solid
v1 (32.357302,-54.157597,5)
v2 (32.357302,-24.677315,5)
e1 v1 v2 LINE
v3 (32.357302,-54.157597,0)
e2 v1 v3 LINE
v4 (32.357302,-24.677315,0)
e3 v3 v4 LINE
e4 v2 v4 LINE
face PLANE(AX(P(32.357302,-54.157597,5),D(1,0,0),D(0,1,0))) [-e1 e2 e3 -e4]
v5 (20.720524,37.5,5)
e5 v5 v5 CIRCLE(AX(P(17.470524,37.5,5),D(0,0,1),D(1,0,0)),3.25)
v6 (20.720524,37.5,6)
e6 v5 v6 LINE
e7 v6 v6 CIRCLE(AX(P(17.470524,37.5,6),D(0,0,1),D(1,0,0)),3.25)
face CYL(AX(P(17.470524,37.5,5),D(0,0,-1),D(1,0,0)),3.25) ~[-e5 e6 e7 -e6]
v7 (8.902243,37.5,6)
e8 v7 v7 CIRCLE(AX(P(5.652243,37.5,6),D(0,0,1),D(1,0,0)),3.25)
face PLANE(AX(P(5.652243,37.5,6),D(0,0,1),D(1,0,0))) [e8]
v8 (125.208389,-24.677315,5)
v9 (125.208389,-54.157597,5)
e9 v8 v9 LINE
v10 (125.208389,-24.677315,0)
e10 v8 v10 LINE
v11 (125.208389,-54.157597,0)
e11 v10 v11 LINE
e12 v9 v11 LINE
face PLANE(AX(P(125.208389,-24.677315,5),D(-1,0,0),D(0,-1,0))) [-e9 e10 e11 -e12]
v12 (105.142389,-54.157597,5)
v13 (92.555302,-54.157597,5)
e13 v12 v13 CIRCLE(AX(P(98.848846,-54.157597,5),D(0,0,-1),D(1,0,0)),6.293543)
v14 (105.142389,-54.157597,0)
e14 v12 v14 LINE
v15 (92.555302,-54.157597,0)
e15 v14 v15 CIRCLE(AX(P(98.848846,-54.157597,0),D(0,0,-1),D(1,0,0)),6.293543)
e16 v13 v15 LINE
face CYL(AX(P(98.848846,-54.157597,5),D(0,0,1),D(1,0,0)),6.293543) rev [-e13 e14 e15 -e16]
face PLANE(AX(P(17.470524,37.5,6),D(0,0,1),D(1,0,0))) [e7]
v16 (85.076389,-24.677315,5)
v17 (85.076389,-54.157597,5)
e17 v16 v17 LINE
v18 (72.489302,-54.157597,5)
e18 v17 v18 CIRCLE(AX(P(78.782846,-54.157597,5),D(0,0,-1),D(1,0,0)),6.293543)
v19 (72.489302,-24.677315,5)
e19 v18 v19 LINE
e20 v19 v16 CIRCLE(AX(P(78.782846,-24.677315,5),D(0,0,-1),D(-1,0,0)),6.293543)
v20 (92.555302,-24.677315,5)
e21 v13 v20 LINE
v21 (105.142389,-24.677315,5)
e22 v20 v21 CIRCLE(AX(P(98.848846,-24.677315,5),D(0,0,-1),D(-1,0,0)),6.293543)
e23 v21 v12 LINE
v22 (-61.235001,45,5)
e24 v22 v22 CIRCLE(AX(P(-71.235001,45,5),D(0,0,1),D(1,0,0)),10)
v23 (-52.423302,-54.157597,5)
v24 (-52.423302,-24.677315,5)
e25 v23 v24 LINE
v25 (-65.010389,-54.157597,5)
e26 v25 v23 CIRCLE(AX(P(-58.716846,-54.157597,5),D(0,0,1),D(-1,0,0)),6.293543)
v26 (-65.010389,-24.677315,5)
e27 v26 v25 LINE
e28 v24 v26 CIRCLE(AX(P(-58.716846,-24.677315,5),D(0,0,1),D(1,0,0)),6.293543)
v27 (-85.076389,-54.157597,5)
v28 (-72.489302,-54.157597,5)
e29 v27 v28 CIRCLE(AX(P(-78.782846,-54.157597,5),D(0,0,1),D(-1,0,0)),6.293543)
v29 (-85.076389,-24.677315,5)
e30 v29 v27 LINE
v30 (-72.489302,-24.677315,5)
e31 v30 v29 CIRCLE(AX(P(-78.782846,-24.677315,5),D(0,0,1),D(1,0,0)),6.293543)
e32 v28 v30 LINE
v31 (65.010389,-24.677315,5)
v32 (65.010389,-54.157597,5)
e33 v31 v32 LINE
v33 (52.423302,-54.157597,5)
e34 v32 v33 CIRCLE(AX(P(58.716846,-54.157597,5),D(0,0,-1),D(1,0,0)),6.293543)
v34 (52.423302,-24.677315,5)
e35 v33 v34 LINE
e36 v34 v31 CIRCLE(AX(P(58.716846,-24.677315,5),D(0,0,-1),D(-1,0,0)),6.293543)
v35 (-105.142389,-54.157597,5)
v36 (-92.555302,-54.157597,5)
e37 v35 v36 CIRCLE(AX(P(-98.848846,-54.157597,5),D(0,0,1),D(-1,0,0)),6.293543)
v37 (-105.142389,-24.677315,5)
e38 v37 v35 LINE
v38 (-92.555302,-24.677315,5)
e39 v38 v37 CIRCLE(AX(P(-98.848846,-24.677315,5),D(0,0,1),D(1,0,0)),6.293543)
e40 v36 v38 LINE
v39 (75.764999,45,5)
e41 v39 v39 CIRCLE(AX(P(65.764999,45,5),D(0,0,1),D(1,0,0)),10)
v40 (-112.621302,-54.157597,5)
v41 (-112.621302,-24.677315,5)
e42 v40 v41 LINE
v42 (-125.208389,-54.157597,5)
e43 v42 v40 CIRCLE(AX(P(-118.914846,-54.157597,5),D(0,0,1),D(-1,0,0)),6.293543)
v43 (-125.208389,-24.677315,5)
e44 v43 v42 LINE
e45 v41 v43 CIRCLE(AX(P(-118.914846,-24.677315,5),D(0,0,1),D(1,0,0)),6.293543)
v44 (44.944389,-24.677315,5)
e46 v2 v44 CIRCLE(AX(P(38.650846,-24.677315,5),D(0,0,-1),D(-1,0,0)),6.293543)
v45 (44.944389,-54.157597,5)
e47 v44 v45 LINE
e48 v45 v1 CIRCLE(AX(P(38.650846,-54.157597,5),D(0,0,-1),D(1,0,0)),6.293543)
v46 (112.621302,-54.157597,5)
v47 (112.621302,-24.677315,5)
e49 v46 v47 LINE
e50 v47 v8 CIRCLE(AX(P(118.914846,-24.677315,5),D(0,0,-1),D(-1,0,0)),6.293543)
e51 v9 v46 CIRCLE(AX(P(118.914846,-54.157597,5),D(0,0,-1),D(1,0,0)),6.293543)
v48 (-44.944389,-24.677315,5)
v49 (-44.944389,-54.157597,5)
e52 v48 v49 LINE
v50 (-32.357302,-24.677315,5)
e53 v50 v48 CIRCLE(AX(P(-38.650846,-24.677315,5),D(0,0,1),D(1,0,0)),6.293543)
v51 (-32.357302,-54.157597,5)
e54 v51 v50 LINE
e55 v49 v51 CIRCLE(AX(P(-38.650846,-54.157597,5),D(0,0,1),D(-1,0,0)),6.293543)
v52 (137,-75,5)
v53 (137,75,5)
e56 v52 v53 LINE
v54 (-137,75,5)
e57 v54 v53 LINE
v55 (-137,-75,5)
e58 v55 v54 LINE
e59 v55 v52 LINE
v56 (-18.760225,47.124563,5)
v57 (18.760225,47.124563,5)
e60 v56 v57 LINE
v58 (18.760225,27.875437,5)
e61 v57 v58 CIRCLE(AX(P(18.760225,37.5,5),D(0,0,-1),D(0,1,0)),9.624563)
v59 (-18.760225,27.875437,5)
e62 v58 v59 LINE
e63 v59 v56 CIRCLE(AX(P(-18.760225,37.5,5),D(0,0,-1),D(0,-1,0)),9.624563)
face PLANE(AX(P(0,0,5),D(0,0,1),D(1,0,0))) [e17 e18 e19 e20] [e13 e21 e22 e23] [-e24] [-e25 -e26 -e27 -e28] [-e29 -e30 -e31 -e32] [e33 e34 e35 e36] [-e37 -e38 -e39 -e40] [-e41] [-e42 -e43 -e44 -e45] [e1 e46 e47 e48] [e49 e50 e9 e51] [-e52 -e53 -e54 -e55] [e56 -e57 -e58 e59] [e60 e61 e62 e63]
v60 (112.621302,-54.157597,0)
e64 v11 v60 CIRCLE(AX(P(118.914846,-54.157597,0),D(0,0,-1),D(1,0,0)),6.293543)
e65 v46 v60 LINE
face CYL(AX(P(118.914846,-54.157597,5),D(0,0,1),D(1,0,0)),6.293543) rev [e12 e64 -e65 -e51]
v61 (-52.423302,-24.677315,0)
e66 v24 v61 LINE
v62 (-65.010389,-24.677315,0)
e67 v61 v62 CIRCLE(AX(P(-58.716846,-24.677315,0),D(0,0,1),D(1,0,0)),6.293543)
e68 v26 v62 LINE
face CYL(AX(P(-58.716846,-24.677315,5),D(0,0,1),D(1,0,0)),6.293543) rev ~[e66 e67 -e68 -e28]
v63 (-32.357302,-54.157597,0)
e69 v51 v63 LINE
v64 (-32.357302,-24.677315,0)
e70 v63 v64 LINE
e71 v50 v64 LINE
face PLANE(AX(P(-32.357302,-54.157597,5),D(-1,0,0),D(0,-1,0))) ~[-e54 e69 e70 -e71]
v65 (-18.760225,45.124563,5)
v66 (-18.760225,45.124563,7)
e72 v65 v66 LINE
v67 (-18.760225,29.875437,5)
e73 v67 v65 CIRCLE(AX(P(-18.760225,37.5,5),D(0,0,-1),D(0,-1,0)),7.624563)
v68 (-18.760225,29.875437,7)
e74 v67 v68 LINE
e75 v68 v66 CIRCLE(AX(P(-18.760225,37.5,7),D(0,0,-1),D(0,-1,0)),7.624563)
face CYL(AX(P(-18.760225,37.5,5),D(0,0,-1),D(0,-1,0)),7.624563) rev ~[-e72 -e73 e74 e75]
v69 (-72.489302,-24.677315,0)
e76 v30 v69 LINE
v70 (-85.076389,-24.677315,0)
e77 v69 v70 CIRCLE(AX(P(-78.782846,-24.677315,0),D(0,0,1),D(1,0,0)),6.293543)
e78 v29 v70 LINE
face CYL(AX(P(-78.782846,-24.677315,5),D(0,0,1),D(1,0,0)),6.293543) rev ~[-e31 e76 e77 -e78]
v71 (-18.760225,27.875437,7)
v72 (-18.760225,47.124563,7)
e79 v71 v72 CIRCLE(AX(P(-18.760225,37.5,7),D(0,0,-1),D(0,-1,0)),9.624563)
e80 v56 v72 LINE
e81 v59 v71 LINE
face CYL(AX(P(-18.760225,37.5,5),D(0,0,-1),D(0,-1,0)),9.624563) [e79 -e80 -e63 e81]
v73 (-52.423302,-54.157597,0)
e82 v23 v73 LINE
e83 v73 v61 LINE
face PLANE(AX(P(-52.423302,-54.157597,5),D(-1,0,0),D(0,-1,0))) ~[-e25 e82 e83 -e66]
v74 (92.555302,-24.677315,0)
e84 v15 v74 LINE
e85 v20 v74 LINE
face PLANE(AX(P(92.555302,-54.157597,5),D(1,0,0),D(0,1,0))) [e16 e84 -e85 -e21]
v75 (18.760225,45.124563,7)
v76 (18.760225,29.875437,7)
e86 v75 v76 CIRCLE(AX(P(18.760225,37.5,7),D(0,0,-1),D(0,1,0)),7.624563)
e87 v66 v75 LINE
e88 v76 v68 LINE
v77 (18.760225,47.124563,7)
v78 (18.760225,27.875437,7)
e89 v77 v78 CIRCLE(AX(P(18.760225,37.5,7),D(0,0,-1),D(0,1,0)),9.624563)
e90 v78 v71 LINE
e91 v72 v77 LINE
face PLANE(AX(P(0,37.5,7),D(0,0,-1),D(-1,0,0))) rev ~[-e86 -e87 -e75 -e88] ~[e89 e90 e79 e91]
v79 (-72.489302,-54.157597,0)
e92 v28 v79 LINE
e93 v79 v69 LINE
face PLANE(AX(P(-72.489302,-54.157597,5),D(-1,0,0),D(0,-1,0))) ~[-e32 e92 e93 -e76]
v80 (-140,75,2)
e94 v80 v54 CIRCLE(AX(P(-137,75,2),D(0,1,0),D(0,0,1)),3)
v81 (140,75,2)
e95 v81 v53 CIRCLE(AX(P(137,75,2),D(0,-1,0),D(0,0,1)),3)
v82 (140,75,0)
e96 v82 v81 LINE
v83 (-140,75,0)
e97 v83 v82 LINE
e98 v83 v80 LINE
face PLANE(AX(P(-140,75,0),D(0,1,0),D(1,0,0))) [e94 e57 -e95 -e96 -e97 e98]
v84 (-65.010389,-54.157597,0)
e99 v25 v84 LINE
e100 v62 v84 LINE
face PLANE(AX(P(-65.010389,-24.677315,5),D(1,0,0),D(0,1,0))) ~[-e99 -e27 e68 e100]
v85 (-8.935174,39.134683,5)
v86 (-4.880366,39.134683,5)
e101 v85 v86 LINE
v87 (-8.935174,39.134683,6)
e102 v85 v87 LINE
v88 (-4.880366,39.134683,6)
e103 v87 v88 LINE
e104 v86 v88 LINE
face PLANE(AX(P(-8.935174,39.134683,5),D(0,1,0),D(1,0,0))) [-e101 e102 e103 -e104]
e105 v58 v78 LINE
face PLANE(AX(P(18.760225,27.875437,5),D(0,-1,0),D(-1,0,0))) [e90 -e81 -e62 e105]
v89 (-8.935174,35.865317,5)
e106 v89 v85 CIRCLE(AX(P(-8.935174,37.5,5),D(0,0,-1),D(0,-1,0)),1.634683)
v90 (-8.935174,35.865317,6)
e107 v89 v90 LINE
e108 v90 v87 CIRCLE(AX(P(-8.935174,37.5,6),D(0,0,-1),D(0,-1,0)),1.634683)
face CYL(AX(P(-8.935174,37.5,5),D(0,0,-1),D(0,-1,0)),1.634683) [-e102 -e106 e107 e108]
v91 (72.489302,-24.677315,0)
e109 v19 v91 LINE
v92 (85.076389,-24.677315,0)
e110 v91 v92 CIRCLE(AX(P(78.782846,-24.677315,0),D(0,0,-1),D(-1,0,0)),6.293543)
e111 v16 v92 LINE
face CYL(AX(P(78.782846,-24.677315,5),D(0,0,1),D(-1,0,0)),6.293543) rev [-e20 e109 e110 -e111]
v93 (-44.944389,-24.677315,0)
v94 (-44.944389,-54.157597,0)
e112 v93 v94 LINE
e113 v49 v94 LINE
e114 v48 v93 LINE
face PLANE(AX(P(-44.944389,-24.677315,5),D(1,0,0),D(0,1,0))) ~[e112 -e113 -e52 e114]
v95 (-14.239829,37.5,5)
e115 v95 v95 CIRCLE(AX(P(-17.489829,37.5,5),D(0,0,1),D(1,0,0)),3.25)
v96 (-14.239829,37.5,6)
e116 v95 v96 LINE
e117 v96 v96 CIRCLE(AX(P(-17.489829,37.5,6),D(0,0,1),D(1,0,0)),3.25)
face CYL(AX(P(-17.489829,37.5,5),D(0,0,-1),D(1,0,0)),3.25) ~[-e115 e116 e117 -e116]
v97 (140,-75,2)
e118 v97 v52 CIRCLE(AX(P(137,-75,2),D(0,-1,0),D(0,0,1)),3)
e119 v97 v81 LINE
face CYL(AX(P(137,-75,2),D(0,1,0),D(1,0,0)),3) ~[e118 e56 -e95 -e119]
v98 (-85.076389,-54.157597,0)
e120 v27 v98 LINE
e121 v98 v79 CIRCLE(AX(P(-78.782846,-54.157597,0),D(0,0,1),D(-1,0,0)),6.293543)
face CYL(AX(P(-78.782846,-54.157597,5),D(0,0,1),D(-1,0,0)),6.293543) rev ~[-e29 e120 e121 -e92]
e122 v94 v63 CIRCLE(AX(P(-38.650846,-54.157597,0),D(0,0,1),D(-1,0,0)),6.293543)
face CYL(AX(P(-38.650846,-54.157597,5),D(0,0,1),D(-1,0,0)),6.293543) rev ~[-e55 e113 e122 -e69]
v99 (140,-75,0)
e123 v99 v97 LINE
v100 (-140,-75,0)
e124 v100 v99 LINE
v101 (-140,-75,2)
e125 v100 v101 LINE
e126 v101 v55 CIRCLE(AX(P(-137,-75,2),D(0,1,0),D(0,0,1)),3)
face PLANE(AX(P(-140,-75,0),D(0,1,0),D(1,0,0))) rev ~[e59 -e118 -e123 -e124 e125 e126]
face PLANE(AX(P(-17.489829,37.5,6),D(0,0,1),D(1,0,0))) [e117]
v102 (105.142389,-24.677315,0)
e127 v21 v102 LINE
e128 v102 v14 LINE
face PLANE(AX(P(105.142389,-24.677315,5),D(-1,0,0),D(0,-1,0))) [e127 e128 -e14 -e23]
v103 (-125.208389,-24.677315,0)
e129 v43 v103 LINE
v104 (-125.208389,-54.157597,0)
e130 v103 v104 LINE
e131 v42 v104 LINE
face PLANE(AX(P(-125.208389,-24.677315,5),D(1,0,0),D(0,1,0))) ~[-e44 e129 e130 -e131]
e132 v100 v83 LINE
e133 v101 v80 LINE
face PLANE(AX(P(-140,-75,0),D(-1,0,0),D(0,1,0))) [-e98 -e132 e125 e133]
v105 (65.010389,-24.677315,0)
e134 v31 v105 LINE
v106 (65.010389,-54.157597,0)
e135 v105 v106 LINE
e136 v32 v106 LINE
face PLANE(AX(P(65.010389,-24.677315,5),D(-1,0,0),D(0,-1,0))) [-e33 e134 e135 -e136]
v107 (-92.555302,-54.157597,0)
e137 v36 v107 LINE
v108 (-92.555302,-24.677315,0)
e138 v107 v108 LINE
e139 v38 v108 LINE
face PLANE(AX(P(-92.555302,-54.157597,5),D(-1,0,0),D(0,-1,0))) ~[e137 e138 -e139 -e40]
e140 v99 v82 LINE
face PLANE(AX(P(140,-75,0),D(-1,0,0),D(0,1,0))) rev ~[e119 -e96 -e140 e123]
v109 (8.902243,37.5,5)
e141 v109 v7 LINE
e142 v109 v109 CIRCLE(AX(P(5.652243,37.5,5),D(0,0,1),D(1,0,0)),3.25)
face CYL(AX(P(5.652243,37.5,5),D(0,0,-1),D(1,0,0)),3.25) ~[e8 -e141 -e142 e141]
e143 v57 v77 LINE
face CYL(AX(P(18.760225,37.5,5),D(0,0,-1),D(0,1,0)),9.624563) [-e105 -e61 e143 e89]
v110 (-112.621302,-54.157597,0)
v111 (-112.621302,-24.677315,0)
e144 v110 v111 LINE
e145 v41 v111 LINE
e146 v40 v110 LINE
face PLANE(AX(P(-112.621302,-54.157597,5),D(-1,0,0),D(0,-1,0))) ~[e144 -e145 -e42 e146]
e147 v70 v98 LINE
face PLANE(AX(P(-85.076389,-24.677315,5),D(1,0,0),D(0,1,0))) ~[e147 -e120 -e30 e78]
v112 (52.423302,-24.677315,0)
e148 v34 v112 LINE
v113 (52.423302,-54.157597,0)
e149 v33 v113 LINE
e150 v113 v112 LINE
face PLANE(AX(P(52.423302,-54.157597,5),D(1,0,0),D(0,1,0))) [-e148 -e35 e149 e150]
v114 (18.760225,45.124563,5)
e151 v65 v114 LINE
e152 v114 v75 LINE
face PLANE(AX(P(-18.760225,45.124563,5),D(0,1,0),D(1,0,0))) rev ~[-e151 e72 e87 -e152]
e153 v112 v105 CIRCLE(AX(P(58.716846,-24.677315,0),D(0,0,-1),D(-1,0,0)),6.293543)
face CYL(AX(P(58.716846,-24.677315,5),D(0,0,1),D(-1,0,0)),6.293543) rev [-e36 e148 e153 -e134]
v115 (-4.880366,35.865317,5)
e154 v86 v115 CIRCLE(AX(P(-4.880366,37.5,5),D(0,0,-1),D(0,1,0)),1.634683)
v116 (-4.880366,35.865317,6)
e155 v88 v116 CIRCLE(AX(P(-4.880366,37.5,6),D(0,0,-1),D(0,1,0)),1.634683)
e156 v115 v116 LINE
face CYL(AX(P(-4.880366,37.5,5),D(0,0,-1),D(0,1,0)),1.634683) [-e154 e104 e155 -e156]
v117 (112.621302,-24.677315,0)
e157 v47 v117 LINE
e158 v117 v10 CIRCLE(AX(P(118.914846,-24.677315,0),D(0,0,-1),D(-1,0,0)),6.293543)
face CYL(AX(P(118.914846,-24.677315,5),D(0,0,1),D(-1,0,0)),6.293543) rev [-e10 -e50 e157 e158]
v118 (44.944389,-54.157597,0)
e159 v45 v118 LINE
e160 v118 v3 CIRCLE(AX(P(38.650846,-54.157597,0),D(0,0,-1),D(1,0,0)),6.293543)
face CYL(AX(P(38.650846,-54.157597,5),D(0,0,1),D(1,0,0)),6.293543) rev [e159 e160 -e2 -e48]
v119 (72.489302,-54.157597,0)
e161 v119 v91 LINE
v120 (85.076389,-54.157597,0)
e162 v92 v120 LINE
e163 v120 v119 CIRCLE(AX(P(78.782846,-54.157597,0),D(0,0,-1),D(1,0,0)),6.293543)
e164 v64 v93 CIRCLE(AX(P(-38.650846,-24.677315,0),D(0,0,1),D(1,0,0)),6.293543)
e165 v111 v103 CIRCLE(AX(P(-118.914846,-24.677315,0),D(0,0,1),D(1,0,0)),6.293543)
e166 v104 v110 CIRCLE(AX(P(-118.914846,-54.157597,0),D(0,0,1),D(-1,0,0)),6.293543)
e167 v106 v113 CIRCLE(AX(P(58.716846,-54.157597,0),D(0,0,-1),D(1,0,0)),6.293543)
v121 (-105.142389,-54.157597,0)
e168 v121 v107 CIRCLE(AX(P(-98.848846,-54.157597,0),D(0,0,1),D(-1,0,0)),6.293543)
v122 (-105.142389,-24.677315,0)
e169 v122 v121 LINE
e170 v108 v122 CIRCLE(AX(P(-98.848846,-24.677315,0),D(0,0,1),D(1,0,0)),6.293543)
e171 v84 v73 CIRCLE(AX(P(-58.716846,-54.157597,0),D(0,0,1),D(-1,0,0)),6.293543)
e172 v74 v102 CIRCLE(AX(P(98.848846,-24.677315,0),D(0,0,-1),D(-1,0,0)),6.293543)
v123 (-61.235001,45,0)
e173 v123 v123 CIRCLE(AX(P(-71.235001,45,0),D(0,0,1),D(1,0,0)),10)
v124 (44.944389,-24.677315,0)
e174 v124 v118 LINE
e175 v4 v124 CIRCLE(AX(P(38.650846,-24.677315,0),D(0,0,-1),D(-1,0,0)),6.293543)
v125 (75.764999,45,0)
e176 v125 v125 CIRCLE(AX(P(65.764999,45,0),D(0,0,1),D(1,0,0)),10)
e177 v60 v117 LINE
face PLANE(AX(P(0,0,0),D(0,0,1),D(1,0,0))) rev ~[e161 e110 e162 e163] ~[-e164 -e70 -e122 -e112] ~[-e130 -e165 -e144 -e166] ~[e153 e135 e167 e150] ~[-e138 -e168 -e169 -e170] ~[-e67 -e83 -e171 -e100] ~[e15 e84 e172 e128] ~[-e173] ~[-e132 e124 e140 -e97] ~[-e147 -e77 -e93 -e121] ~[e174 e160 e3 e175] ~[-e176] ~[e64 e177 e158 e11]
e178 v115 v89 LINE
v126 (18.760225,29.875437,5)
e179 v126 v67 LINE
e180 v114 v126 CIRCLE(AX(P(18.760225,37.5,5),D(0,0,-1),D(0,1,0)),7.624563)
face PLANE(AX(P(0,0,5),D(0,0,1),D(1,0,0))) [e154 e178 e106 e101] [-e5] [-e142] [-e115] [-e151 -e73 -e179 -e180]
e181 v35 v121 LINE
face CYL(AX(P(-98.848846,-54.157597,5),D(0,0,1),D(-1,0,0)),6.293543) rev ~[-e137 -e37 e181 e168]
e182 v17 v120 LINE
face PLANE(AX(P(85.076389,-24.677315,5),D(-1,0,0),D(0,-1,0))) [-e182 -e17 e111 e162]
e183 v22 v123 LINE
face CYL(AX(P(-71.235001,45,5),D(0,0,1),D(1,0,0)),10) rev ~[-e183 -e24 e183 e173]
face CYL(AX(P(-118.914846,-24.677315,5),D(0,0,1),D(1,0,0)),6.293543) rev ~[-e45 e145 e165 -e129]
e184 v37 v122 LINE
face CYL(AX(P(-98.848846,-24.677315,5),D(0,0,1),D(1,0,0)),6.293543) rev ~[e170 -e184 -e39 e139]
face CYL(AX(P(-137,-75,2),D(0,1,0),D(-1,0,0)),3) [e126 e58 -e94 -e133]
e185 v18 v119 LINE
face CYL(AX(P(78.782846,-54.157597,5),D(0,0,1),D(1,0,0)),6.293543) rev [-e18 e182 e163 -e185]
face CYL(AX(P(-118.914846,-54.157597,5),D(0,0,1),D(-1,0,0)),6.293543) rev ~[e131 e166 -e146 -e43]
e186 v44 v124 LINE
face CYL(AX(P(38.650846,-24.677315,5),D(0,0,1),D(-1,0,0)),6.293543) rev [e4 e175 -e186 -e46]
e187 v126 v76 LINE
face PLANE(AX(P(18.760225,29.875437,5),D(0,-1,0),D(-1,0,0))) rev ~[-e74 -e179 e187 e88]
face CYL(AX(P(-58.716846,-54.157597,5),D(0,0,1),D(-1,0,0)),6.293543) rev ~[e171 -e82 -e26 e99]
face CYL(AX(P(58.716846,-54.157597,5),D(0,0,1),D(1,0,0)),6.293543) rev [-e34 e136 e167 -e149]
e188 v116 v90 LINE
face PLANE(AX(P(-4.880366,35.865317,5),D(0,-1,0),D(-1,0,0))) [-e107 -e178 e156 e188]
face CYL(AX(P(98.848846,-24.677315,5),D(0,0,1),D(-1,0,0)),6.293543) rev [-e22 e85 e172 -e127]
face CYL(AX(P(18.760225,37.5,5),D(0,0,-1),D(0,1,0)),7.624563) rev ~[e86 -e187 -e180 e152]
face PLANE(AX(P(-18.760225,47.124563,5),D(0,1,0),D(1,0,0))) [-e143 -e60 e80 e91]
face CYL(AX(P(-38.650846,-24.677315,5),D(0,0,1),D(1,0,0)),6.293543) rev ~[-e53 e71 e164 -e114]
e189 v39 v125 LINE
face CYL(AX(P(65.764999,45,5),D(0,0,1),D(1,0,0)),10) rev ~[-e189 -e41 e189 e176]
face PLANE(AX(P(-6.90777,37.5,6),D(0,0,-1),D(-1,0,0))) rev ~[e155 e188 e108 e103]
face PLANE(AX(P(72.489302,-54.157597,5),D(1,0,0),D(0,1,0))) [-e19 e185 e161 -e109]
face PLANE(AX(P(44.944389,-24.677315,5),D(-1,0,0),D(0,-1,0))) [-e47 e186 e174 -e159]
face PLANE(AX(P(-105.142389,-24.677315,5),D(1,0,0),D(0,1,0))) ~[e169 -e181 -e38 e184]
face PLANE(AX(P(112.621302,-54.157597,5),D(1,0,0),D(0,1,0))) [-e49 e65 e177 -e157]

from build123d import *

# Parameters (mm, degrees)
SKETCH1_W           = 280
SKETCH1_H           = 150
BOSS_EXTRUDE1_DEPTH = 5
FILLET1_R           = 3
BOSS_EXTRUDE2_DEPTH = 2
SKETCH4_R           = 3.25
BOSS_EXTRUDE3_DEPTH = 1
CUT_EXTRUDE1_DEPTH  = 5
CUT_EXTRUDE2_REACH  = 160.902
SKETCH6_R           = 10


with BuildPart() as part:
    # Sketch1 → Boss-Extrude1 (new body)
    with BuildSketch(Plane.XY):
        Rectangle(SKETCH1_W, SKETCH1_H)
    extrude(amount=BOSS_EXTRUDE1_DEPTH)

    # Fillet1
    fillet1_edges = [part.edges().sort_by_distance(p)[0] for p in [
        (140, 0, 5),
        (-140, 0, 5),
    ]]
    fillet(fillet1_edges, radius=FILLET1_R)

    # Sketch2 → Boss-Extrude2 (add)
    with BuildSketch(Plane.XY.offset(5)):
        with BuildLine():
            Line((-18.760224692, 47.124562697), (18.760224692, 47.124562697))
            ThreePointArc((18.760224692, 47.124562697), (28.384787389, 37.5), (18.760224692, 27.875437303))
            Line((18.760224692, 27.875437303), (-18.760224692, 27.875437303))
            ThreePointArc((-18.760224692, 27.875437303), (-28.384787389, 37.5), (-18.760224692, 47.124562697))
        make_face()
        with BuildLine():
            Line((-18.760224692, 45.124562697), (18.760224692, 45.124562697))
            ThreePointArc((18.760224692, 45.124562697), (26.384787389, 37.5), (18.760224692, 29.875437303))
            Line((18.760224692, 29.875437303), (-18.760224692, 29.875437303))
            ThreePointArc((-18.760224692, 29.875437303), (-26.384787389, 37.5), (-18.760224692, 45.124562697))
        make_face(mode=Mode.SUBTRACT)
    extrude(amount=BOSS_EXTRUDE2_DEPTH)

    # Sketch4 → Boss-Extrude3 (add)
    with BuildSketch(Plane.XY.offset(5)):
        with Locations((17.470523742, 37.5)):
            Circle(SKETCH4_R)
        with Locations((-17.4898287, 37.5)):
            Circle(SKETCH4_R)
        with Locations((5.652243355, 37.5)):
            Circle(SKETCH4_R)
        with BuildLine():
            Line((-8.935173859, 39.13468348), (-4.880366362, 39.13468348))
            ThreePointArc((-4.880366362, 39.13468348), (-3.245682882, 37.5), (-4.880366362, 35.86531652))
            Line((-4.880366362, 35.86531652), (-8.935173859, 35.86531652))
            ThreePointArc((-8.935173859, 35.86531652), (-10.569857339, 37.5), (-8.935173859, 39.13468348))
        make_face()
    extrude(amount=BOSS_EXTRUDE3_DEPTH)

    # Sketch5 → Cut-Extrude1 (cut)
    with BuildSketch(Plane.XY.offset(5)):
        with BuildLine():
            Line((125.208389031, -24.677314769), (125.208389031, -54.157596843))
            ThreePointArc((125.208389031, -54.157596843), (118.914845667, -60.451140207), (112.621302303, -54.157596843))
            Line((112.621302303, -54.157596843), (112.621302303, -24.677314769))
            ThreePointArc((112.621302303, -24.677314769), (118.914845667, -18.383771405), (125.208389031, -24.677314769))
        make_face()
        with BuildLine():
            Line((105.142389031, -24.677314769), (105.142389031, -54.157596843))
            ThreePointArc((105.142389031, -54.157596843), (98.848845667, -60.451140207), (92.555302303, -54.157596843))
            Line((92.555302303, -54.157596843), (92.555302303, -24.677314769))
            ThreePointArc((92.555302303, -24.677314769), (98.848845667, -18.383771405), (105.142389031, -24.677314769))
        make_face()
        with BuildLine():
            Line((85.076389031, -24.677314769), (85.076389031, -54.157596843))
            ThreePointArc((85.076389031, -54.157596843), (78.782845667, -60.451140207), (72.489302303, -54.157596843))
            Line((72.489302303, -54.157596843), (72.489302303, -24.677314769))
            ThreePointArc((72.489302303, -24.677314769), (78.782845667, -18.383771405), (85.076389031, -24.677314769))
        make_face()
        with BuildLine():
            Line((65.010389031, -24.677314769), (65.010389031, -54.157596843))
            ThreePointArc((65.010389031, -54.157596843), (58.716845667, -60.451140207), (52.423302303, -54.157596843))
            Line((52.423302303, -54.157596843), (52.423302303, -24.677314769))
            ThreePointArc((52.423302303, -24.677314769), (58.716845667, -18.383771405), (65.010389031, -24.677314769))
        make_face()
        with BuildLine():
            Line((44.944389031, -24.677314769), (44.944389031, -54.157596843))
            ThreePointArc((44.944389031, -54.157596843), (38.650845667, -60.451140207), (32.357302303, -54.157596843))
            Line((32.357302303, -54.157596843), (32.357302303, -24.677314769))
            ThreePointArc((32.357302303, -24.677314769), (38.650845667, -18.383771405), (44.944389031, -24.677314769))
        make_face()
    cut_extrude1 = extrude(amount=-CUT_EXTRUDE1_DEPTH, mode=Mode.SUBTRACT)

    # Mirror1: Cut-Extrude1 across plane
    add(cut_extrude1.mirror(Plane(origin=(0, 0, 0), x_dir=(0, 0, 1), z_dir=(1, 0, 0))), mode=Mode.SUBTRACT)

    # Sketch6 → Cut-Extrude2 (cut, up to next)
    with BuildSketch(Plane.XY.offset(5), mode=Mode.PRIVATE) as cut_extrude2_sk1:
        with Locations((65.764998976, 45)):
            Circle(SKETCH6_R)
    cut_extrude2_tool1 = extrude(cut_extrude2_sk1.sketch, amount=-CUT_EXTRUDE2_REACH, mode=Mode.PRIVATE) & part.part
    # Sketch6 → Cut-Extrude2 (cut, up to next)
    with BuildSketch(Plane.XY.offset(5), mode=Mode.PRIVATE) as cut_extrude2_sk2:
        with Locations((-71.235001024, 45)):
            Circle(SKETCH6_R)
    cut_extrude2_tool2 = extrude(cut_extrude2_sk2.sketch, amount=-CUT_EXTRUDE2_REACH, mode=Mode.PRIVATE) & part.part
    add(cut_extrude2_tool1.solids().sort_by_distance((65.764999, 45, 5))[0], mode=Mode.SUBTRACT)
    add(cut_extrude2_tool2.solids().sort_by_distance((-71.235001, 45, 5))[0], mode=Mode.SUBTRACT)


solid = part.part
